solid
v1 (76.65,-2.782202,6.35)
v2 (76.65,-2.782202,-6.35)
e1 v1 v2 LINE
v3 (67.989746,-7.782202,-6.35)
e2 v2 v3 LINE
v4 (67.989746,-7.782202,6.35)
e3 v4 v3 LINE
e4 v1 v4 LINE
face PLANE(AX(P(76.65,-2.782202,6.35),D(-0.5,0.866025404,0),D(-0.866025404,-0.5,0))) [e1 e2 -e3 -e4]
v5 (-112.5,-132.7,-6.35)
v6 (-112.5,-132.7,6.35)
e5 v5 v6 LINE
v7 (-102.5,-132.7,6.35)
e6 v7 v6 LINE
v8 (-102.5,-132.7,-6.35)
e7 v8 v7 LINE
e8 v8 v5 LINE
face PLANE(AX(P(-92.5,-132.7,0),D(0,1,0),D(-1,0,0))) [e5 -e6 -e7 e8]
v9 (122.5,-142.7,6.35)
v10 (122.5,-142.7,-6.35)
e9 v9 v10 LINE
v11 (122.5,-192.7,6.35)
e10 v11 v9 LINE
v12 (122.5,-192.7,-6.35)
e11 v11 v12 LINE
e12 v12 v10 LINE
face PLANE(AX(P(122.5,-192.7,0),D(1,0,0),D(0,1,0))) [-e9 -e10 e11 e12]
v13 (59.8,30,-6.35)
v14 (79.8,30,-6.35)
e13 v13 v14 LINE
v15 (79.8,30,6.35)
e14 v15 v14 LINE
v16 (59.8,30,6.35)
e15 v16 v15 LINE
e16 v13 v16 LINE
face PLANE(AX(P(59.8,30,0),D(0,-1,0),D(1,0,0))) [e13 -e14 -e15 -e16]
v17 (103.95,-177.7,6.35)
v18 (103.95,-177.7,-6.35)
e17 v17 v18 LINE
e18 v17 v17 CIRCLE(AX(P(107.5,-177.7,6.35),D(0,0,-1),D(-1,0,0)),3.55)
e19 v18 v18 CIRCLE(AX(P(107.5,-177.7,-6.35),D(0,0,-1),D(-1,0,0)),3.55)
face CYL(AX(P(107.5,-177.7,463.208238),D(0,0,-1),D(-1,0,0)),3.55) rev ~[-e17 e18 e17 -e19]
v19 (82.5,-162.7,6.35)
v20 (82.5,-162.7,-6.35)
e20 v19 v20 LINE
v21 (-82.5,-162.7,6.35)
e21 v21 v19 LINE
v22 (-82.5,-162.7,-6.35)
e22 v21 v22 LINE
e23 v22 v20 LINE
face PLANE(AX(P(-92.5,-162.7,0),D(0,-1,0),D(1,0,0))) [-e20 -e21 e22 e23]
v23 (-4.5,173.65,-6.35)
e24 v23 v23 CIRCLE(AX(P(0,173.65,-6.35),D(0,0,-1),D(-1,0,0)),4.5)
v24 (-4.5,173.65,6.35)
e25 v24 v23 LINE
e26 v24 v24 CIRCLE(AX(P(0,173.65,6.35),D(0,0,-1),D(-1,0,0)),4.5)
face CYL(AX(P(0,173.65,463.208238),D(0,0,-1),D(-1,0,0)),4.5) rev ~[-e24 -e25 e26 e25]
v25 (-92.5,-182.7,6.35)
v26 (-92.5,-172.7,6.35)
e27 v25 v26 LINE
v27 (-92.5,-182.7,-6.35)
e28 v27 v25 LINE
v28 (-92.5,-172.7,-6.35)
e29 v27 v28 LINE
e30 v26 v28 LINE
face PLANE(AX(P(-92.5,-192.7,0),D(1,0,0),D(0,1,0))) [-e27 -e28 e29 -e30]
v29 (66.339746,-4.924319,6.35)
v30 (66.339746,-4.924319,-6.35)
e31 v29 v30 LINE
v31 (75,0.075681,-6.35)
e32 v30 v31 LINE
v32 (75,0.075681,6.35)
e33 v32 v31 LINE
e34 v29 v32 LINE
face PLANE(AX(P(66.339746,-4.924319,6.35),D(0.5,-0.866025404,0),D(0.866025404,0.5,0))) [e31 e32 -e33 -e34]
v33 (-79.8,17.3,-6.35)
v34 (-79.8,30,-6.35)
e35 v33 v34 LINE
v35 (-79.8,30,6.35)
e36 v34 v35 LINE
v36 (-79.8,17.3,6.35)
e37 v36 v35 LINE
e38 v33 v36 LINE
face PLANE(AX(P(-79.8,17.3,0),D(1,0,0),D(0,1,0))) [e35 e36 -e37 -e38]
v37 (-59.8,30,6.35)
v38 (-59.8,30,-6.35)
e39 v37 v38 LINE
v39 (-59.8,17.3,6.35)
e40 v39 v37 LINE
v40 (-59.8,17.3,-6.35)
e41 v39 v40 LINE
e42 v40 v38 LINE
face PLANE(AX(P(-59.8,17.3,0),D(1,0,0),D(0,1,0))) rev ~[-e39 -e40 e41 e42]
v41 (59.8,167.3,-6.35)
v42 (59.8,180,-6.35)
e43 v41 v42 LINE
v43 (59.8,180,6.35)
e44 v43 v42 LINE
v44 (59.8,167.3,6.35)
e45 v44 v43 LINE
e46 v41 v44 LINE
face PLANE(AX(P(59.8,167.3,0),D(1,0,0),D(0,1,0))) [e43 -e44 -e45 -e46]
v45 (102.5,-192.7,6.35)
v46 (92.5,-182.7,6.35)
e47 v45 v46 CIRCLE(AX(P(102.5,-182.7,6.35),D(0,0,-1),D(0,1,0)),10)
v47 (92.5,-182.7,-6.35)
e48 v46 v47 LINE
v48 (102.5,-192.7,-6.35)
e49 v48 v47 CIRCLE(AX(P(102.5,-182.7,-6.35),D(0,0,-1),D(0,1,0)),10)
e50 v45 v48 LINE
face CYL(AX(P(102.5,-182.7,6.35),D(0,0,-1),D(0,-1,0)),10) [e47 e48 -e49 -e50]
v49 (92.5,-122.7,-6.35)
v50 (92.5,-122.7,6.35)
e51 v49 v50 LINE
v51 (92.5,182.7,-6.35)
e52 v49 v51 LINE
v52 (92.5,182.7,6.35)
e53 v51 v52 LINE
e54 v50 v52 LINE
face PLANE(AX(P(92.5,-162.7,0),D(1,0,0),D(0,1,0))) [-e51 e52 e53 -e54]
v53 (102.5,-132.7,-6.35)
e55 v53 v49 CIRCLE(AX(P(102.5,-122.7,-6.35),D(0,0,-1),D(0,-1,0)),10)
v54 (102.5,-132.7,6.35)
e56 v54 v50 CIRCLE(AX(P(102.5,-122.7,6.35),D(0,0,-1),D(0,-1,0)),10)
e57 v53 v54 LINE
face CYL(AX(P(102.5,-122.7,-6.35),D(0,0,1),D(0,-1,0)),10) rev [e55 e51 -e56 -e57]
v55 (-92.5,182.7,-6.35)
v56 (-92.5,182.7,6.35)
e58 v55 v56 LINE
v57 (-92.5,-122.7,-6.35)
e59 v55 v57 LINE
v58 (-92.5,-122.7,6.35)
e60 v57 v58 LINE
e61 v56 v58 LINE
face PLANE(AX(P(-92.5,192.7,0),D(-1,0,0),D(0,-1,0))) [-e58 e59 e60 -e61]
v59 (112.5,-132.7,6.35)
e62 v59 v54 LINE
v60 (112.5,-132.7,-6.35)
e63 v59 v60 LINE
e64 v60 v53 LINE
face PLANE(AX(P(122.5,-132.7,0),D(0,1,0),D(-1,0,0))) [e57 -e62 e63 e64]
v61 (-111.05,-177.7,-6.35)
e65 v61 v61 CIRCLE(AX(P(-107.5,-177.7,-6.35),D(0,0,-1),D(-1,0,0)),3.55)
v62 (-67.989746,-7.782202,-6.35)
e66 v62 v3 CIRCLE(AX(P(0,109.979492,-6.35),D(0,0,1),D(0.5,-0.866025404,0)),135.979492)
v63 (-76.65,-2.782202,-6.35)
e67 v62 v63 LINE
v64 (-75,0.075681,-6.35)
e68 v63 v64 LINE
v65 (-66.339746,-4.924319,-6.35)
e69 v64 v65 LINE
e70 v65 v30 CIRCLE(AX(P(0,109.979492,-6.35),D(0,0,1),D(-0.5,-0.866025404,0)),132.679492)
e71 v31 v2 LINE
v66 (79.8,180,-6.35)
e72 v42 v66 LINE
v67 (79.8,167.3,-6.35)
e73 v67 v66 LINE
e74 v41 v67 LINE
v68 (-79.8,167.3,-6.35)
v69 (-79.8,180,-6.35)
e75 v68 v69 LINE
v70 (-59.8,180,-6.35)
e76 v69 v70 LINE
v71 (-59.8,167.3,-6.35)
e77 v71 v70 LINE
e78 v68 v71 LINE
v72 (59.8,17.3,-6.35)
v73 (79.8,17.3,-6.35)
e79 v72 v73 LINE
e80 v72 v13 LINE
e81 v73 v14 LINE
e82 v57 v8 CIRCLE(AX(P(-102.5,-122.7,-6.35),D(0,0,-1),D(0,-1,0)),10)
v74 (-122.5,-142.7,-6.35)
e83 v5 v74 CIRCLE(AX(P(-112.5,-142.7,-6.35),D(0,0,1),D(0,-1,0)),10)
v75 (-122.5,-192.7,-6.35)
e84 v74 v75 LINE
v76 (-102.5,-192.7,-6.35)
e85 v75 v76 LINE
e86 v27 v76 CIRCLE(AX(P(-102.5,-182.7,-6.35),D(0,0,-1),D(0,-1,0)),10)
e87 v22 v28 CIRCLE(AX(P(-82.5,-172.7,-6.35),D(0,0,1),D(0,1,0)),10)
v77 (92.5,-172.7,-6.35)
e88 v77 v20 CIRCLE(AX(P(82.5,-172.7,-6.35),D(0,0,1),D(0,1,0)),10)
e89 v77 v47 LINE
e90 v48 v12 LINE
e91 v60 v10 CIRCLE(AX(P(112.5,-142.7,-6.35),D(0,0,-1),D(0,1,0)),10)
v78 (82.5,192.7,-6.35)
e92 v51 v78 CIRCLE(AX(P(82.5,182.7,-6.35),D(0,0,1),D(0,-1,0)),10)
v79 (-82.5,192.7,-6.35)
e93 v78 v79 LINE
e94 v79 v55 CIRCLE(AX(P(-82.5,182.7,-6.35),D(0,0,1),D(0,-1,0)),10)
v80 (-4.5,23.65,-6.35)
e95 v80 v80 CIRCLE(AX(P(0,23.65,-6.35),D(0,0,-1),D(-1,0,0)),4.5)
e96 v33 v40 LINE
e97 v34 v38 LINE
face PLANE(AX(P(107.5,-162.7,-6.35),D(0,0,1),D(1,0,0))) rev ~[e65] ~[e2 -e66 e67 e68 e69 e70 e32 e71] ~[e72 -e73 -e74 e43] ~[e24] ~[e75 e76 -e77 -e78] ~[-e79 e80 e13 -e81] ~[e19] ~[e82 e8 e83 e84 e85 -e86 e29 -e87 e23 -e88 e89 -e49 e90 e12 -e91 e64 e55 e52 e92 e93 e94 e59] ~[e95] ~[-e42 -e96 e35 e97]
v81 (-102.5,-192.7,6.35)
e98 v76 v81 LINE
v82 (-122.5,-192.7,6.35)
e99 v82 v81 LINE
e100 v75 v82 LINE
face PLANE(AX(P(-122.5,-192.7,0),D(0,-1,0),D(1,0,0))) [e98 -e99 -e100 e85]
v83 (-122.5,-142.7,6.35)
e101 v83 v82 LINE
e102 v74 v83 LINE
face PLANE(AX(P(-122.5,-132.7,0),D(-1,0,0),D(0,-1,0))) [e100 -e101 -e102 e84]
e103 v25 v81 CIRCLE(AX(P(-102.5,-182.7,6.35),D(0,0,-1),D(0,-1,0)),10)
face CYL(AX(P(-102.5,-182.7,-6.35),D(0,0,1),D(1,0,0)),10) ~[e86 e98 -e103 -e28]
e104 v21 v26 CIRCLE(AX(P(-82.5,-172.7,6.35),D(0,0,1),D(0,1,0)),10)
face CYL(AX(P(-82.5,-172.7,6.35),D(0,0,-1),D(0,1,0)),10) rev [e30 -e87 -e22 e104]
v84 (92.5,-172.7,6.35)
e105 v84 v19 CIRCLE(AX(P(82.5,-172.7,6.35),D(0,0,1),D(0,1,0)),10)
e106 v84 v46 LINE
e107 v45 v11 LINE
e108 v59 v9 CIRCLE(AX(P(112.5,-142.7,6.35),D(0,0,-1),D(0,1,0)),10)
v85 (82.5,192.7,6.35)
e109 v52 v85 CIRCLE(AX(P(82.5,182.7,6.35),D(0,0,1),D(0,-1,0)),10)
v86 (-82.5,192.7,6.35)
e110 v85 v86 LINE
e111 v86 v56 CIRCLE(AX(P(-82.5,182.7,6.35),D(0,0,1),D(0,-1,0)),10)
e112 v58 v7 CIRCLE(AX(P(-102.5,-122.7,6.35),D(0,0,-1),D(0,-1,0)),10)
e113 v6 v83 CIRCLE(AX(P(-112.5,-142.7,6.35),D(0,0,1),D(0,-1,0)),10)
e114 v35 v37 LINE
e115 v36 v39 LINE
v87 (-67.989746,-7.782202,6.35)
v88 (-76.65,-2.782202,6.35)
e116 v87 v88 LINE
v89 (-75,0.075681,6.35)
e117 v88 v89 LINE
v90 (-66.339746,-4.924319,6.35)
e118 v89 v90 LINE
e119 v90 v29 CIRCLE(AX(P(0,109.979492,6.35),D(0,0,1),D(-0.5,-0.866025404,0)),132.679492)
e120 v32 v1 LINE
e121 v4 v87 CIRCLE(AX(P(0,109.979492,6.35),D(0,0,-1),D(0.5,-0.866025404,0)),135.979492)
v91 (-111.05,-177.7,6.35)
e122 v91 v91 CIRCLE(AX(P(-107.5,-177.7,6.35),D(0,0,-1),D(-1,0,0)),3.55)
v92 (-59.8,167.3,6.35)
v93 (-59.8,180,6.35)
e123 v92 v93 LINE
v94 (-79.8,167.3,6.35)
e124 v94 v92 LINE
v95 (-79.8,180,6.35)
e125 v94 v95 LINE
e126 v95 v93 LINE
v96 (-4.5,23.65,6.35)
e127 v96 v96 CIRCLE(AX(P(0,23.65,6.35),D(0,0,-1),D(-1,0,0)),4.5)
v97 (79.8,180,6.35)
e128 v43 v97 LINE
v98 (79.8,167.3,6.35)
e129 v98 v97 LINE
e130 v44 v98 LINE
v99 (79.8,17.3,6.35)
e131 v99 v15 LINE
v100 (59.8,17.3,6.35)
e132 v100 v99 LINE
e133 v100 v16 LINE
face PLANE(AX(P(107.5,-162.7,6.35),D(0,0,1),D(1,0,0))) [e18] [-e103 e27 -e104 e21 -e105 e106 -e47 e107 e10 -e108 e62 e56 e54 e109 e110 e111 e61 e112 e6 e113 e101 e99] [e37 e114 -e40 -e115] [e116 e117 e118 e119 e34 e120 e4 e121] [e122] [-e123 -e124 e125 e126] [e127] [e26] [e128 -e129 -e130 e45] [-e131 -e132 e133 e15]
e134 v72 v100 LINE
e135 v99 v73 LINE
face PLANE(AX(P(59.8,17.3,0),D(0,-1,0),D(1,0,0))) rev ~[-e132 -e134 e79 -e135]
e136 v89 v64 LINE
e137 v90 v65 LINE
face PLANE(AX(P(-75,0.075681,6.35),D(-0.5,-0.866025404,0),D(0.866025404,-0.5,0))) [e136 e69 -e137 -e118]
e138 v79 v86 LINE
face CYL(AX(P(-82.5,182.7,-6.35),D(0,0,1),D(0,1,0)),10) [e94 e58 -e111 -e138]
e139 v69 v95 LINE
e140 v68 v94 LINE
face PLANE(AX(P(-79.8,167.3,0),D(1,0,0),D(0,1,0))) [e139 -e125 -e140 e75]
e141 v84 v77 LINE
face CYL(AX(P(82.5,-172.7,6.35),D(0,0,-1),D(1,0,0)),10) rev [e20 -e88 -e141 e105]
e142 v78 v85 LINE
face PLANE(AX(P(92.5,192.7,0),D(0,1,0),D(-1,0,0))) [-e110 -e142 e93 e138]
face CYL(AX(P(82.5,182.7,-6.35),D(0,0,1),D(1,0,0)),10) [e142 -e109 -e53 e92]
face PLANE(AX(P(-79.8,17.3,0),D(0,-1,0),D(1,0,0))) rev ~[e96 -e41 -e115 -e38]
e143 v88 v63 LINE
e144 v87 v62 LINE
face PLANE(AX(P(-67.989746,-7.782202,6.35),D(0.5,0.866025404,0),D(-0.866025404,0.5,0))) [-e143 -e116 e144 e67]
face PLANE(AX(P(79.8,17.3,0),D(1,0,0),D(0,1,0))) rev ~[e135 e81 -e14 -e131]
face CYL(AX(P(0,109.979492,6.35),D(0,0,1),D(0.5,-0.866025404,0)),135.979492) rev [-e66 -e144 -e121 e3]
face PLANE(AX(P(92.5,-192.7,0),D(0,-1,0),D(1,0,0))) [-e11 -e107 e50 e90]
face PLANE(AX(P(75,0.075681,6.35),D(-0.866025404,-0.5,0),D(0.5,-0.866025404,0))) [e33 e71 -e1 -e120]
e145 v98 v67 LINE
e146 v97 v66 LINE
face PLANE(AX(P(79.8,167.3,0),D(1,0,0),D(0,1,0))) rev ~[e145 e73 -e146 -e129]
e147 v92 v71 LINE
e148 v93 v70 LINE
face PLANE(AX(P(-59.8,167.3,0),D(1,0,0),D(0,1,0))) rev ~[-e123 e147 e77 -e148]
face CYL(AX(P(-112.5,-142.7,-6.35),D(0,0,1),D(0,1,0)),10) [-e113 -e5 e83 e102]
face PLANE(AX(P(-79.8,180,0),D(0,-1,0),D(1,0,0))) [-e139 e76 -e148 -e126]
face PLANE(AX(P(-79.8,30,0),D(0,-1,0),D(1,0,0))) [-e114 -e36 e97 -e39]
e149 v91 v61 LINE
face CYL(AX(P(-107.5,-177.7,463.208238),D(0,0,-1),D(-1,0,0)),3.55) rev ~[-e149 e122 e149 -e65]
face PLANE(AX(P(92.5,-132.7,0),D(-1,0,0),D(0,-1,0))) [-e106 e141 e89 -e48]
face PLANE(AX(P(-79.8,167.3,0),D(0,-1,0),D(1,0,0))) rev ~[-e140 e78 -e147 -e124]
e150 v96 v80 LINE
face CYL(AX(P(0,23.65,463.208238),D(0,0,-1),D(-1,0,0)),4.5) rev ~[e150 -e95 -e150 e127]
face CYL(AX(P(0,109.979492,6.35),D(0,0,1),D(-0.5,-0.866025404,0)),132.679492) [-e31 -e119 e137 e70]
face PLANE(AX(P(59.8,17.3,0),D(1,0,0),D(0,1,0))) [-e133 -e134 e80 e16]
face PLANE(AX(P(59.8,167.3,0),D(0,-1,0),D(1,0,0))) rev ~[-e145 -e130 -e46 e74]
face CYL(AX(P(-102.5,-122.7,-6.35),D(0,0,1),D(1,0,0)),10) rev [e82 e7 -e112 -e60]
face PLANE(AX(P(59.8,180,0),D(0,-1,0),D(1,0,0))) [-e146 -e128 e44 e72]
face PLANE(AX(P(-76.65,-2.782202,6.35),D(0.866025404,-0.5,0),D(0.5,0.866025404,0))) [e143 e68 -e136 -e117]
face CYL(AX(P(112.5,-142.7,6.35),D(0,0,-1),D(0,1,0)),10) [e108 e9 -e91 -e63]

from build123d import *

# Parameters (mm, degrees)
MAIN_W                 = 20
MAIN_H                 = 12.7
BOSS_EXTRUDE1_DEPTH    = 6.35
M6_5_CLEARANCE_HOLE1_D = 7.1
CUT_EXTRUDE1_DEPTH     = 229.693747182
M8_CLEARANCE_HOLE1_D   = 9
FILLET1_R              = 10


with BuildPart() as part:
    # MAIN → Boss-Extrude1 (new, symmetric)
    # profile 1 of 3: a face of its own
    with BuildSketch(Plane.XY):
        Polygon((92.5, 192.7), (-92.5, 192.7), (-92.5, -132.7), (-92.5, -162.7), (92.5, -162.7), (92.5, -132.7), align=None)
        with Locations((-69.8, 23.65)):
            Rectangle(MAIN_W, MAIN_H, mode=Mode.SUBTRACT)
        with Locations((-69.8, 173.65)):
            Rectangle(MAIN_W, MAIN_H, mode=Mode.SUBTRACT)
        with Locations((69.8, 23.65)):
            Rectangle(MAIN_W, MAIN_H, mode=Mode.SUBTRACT)
        with Locations((69.8, 173.65)):
            Rectangle(MAIN_W, MAIN_H, mode=Mode.SUBTRACT)
    # profile 2 of 3: a face of its own
    with BuildSketch(Plane.XY):
        Polygon((-92.5, -162.7), (-92.5, -132.7), (-122.5, -132.7), (-122.5, -192.7), (-92.5, -192.7), align=None)
    # profile 3 of 3: a face of its own
    with BuildSketch(Plane.XY):
        Polygon((122.5, -132.7), (92.5, -132.7), (92.5, -162.7), (92.5, -192.7), (122.5, -192.7), align=None)
    extrude(amount=BOSS_EXTRUDE1_DEPTH, both=True)

    # M6.5 Clearance Hole1 (through all)
    with Locations(Plane.XY.offset(6.35)):
        with Locations((-107.5, -177.7), (107.5, -177.7)):
            Hole(M6_5_CLEARANCE_HOLE1_D / 2)

    # Sketch1 → Cut-Extrude1 (cut, through all)
    with BuildSketch(Plane.XY.offset(6.35)):
        with BuildLine():
            Line((-67.989745962, -7.782202476), (-76.65, -2.782202476))
            Line((-76.65, -2.782202476), (-75, 0.075681357))
            Line((-75, 0.075681357), (-66.339745962, -4.924318643))
            ThreePointArc((-66.339745962, -4.924318643), (0, -22.7), (66.339745962, -4.924318643))
            Line((66.339745962, -4.924318643), (75, 0.075681357))
            Line((75, 0.075681357), (76.65, -2.782202476))
            Line((76.65, -2.782202476), (67.989745962, -7.782202476))
            ThreePointArc((67.989745962, -7.782202476), (0, -26), (-67.989745962, -7.782202476))
        make_face()
    extrude(amount=-CUT_EXTRUDE1_DEPTH, mode=Mode.SUBTRACT)

    # M8 Clearance Hole1 (through all)
    with Locations(Plane.XY.offset(6.35)):
        with Locations((0, 173.65), (0, 23.65)):
            Hole(M8_CLEARANCE_HOLE1_D / 2)

    # Fillet1
    fillet1_edges = [part.edges().sort_by_distance(p)[0] for p in [
        (-92.5, 192.7, 0),
        (92.5, 192.7, 0),
        (92.5, -132.7, 0),
        (122.5, -132.7, 0),
        (92.5, -192.7, 0),
        (92.5, -162.7, 0),
        (-92.5, -162.7, 0),
        (-92.5, -192.7, 0),
        (-122.5, -132.7, 0),
        (-92.5, -132.7, 0),
    ]]
    fillet(fillet1_edges, radius=FILLET1_R)


solid = part.part
